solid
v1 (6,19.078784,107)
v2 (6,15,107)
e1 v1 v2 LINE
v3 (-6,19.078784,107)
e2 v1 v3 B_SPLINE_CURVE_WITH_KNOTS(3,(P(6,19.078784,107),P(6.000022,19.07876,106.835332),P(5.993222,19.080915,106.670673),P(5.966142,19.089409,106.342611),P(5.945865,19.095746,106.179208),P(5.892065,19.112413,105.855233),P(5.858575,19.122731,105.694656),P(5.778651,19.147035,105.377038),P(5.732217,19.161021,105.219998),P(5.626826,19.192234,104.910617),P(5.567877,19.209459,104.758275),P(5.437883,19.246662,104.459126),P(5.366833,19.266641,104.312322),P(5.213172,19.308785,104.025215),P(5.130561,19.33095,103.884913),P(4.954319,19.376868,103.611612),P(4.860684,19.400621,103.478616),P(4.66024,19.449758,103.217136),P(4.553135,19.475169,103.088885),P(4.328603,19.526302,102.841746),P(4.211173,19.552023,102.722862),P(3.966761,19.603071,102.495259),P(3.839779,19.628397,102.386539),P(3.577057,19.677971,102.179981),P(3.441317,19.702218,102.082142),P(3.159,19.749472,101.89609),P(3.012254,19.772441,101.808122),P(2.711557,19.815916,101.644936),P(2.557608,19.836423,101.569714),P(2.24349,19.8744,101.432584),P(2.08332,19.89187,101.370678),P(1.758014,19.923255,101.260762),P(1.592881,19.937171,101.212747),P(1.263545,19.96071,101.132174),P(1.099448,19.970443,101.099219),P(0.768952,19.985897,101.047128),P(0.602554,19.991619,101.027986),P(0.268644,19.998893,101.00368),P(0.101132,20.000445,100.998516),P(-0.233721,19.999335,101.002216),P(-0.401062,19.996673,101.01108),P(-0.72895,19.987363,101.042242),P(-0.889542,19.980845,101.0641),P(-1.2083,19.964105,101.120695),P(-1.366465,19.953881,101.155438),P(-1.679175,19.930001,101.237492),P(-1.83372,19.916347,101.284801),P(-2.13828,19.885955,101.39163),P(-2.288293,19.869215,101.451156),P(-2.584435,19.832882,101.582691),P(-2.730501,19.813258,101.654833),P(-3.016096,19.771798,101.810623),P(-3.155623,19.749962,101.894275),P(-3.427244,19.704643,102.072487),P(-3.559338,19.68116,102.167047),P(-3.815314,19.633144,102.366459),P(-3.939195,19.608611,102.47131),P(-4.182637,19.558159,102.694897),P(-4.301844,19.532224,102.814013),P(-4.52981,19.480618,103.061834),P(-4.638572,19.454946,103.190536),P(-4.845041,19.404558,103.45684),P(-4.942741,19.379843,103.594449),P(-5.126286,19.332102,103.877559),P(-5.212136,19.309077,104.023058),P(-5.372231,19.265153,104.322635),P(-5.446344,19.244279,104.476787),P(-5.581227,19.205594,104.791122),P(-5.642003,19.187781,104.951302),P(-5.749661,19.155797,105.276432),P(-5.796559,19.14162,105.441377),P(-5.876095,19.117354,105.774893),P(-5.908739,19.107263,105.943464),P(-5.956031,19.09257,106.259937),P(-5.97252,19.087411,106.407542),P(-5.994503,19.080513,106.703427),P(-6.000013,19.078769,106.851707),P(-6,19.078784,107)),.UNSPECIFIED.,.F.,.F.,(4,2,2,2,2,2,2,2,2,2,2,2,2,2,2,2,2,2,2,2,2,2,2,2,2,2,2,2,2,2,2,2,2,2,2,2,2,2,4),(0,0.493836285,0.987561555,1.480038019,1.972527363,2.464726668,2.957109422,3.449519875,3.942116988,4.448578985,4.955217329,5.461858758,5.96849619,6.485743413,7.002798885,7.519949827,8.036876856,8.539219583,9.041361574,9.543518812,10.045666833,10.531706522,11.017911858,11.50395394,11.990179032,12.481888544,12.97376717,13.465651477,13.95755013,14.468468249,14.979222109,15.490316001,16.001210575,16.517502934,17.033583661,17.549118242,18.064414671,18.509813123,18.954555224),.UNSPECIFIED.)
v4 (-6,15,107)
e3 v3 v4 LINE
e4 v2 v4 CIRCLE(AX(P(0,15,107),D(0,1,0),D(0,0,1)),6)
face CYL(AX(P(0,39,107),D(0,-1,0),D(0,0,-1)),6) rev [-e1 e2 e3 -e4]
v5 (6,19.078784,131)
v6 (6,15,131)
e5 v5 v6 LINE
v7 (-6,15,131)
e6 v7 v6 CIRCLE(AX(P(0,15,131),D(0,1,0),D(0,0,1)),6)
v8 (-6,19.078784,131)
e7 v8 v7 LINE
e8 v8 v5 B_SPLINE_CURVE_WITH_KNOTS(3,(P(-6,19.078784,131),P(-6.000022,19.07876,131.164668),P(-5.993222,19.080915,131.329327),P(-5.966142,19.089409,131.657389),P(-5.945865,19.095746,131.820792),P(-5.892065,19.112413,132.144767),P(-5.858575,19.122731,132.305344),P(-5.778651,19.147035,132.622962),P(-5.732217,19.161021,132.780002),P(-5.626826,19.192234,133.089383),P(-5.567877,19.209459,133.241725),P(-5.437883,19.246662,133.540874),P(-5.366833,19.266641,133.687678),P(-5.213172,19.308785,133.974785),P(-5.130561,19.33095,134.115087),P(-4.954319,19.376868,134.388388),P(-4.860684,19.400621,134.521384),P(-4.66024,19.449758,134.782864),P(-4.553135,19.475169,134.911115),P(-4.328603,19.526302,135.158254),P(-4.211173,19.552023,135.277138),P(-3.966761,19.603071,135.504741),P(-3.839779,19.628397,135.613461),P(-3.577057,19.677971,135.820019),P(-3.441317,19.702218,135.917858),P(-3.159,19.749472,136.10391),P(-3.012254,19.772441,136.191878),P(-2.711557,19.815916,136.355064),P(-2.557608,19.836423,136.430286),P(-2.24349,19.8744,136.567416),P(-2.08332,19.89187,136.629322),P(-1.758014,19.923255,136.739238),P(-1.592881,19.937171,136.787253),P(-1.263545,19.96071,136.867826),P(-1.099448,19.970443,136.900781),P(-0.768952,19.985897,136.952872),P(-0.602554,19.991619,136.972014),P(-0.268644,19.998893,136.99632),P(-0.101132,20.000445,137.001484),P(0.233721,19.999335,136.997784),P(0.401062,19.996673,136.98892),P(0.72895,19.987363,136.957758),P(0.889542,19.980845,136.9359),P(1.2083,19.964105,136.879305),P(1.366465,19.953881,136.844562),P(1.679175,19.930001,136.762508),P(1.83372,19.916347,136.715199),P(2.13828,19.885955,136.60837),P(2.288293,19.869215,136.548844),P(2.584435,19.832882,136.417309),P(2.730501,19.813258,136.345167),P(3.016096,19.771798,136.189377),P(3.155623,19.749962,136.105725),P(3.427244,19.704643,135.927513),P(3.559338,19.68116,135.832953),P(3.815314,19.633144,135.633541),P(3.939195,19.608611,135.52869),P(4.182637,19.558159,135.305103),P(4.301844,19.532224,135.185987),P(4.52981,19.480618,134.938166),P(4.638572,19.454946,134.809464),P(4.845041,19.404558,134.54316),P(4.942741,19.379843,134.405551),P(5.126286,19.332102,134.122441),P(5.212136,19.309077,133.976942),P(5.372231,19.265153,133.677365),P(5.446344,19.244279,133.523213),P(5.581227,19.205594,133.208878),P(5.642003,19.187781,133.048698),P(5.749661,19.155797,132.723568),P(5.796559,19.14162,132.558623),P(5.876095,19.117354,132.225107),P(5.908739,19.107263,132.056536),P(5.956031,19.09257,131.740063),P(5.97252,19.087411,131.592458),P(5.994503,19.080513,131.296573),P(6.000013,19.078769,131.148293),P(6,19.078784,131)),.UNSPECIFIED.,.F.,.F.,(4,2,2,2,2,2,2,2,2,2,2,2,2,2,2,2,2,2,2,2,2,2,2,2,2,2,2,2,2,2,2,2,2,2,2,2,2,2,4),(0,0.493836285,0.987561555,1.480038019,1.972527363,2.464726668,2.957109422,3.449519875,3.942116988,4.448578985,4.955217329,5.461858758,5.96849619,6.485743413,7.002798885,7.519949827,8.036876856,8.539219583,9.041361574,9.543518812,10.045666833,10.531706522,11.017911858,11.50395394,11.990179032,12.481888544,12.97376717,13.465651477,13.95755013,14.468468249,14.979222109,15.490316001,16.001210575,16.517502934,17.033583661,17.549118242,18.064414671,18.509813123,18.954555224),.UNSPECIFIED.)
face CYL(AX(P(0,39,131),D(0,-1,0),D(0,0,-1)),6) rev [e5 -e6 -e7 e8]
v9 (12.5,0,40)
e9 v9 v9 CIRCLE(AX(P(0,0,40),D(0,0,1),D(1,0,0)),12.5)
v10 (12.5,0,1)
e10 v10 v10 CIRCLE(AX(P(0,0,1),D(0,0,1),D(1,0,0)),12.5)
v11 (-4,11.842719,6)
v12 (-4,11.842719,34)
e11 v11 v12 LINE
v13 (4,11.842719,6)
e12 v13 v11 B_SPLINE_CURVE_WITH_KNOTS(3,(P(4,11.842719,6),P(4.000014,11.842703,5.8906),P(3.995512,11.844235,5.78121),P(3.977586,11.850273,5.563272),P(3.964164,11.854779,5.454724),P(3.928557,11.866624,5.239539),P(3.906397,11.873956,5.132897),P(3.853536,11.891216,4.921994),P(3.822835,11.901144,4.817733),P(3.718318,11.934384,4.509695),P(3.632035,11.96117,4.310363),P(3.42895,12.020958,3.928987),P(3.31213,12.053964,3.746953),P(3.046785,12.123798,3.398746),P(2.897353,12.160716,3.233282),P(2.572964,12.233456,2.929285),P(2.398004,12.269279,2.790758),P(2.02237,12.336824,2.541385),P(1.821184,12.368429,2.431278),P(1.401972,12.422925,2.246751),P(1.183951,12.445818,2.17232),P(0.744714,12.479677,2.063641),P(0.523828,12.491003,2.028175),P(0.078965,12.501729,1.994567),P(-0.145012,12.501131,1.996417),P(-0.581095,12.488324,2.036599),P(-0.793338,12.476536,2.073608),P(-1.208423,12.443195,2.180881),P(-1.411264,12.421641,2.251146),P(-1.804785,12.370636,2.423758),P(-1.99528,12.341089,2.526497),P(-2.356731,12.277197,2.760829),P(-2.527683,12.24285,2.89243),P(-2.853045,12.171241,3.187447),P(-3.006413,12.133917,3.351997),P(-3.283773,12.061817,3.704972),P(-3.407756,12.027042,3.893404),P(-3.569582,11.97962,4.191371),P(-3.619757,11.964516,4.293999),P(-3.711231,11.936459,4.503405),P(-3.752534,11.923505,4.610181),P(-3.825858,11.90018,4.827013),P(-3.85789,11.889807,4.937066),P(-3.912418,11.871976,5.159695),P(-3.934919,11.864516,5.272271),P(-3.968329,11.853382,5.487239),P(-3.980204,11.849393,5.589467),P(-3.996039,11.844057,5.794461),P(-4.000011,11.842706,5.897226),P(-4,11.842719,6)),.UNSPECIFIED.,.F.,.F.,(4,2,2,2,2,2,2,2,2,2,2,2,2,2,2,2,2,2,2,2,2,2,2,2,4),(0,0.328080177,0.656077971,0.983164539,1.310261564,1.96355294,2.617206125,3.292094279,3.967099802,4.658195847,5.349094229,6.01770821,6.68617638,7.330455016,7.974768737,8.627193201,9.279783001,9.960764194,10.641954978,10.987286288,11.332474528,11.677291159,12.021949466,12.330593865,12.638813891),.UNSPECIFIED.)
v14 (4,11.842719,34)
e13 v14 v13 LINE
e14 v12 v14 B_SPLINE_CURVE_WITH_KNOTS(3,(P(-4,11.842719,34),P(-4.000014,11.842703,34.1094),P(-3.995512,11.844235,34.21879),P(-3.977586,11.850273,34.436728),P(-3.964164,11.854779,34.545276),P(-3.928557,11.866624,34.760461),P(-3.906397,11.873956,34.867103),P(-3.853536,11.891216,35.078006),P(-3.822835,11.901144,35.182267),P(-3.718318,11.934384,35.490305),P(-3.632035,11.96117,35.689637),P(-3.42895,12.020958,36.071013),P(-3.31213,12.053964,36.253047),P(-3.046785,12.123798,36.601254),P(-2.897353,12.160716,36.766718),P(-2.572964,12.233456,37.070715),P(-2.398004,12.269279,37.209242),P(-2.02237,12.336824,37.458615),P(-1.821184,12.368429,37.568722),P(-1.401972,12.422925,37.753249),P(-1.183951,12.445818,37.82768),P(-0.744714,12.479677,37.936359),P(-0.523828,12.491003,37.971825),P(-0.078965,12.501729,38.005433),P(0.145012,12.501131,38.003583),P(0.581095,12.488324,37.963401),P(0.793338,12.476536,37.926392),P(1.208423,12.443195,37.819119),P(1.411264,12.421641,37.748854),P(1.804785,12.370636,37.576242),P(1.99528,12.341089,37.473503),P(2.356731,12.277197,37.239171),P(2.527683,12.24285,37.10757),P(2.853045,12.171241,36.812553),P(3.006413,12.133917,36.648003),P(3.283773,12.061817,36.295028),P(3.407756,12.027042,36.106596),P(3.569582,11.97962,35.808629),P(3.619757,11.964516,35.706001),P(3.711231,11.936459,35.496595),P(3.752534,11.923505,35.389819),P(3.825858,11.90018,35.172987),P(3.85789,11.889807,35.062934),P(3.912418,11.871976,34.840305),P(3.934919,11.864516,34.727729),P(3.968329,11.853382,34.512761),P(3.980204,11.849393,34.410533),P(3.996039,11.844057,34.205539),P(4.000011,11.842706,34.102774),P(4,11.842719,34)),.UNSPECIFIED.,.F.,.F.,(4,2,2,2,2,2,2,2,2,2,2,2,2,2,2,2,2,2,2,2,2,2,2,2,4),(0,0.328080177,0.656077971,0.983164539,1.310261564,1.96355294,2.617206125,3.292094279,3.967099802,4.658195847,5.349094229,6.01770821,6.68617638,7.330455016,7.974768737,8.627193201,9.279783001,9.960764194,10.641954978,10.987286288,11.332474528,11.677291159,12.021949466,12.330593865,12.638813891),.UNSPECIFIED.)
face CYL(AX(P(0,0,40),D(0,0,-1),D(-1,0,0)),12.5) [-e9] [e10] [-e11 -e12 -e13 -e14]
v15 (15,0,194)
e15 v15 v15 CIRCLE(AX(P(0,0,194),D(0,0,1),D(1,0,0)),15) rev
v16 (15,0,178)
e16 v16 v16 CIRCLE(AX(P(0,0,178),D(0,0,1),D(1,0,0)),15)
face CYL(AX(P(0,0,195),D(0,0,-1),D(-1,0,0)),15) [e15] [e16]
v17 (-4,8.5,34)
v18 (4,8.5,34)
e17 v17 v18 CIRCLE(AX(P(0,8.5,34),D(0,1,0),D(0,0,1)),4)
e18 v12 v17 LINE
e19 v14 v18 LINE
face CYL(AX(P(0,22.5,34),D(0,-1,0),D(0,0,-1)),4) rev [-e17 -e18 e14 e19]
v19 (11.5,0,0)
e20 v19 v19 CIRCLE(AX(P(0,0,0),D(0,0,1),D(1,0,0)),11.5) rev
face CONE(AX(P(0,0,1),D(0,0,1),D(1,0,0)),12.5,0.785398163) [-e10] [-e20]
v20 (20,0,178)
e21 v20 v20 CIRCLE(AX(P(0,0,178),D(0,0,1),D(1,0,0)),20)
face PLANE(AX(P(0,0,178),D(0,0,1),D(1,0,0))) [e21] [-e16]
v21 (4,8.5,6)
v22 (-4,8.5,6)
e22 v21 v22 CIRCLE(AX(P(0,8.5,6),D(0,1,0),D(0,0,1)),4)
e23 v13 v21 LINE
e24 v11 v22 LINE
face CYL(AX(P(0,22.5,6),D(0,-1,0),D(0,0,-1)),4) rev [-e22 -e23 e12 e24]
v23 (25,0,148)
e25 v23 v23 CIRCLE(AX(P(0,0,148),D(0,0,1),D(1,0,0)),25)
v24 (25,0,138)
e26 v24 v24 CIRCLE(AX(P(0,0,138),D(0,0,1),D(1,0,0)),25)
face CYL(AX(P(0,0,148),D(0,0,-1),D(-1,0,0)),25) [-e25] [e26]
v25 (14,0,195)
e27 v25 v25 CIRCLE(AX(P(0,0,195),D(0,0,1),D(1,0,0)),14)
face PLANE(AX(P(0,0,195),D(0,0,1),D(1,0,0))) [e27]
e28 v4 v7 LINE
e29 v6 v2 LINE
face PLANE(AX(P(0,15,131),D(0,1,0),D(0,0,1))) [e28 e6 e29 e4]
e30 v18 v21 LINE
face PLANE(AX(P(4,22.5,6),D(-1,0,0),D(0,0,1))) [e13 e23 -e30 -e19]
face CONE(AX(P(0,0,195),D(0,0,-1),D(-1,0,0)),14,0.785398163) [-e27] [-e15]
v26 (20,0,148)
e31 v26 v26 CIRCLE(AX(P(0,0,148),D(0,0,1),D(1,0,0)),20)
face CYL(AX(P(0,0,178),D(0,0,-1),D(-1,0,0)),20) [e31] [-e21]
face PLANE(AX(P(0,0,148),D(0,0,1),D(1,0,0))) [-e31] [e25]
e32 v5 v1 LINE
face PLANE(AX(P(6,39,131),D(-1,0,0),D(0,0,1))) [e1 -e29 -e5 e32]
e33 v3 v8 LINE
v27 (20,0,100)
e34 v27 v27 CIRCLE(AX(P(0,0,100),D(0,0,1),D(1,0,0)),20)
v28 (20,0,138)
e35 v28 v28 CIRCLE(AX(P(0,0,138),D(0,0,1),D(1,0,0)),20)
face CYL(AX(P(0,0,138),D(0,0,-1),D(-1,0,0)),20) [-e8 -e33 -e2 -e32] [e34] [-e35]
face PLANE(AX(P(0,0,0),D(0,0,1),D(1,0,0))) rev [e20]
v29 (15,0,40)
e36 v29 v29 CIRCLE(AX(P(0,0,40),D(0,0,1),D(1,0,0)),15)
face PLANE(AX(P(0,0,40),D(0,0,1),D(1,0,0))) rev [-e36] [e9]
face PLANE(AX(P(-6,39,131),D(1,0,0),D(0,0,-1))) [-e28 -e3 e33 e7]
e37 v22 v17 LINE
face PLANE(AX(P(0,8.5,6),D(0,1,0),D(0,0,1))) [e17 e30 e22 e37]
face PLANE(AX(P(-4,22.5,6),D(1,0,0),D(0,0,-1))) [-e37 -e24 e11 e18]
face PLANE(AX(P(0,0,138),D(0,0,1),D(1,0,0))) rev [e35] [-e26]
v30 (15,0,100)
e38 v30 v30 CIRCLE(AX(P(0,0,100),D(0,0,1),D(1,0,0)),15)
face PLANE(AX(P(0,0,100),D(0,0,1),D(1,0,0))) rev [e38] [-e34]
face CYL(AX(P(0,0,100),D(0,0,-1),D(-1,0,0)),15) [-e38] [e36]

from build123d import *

# Parameters (mm, degrees)
SKETCH_1_R          = 12.5
EXTRUDE_1_DEPTH     = 40
SKETCH_2_R          = 15
EXTRUDE_2_DEPTH     = 60
SKETCH_3_R          = 20
EXTRUDE_3_DEPTH     = 38
SKETCH_4_R          = 25
EXTRUDE_4_DEPTH     = 10
SKETCH_5_R          = 20
EXTRUDE_5_DEPTH     = 30
SKETCH_6_R          = 15
EXTRUDE_6_DEPTH     = 17
CHAMFER_1_SIZE      = 1
CHAMFER_2_SIZE      = 1
CUT_EXTRUDE_1_DEPTH = 24
CUT_EXTRUDE_2_DEPTH = 14


with BuildPart() as part:
    # 草图1 → 凸台-拉伸1 (new body)
    with BuildSketch(Plane.XY):
        Circle(SKETCH_1_R)
    extrude(amount=EXTRUDE_1_DEPTH)

    # 草图2 → 凸台-拉伸2 (add)
    with BuildSketch(Plane.XY.offset(40)):
        Circle(SKETCH_2_R)
    extrude(amount=EXTRUDE_2_DEPTH)

    # 草图3 → 凸台-拉伸3 (add)
    with BuildSketch(Plane.XY.offset(100)):
        Circle(SKETCH_3_R)
    extrude(amount=EXTRUDE_3_DEPTH)

    # 草图4 → 凸台-拉伸4 (add)
    with BuildSketch(Plane.XY.offset(138)):
        Circle(SKETCH_4_R)
    extrude(amount=EXTRUDE_4_DEPTH)

    # 草图5 → 凸台-拉伸5 (add)
    with BuildSketch(Plane.XY.offset(148)):
        Circle(SKETCH_5_R)
    extrude(amount=EXTRUDE_5_DEPTH)

    # 草图6 → 凸台-拉伸6 (add)
    with BuildSketch(Plane.XY.offset(178)):
        Circle(SKETCH_6_R)
    extrude(amount=EXTRUDE_6_DEPTH)

    # 倒角1
    chamfer_1_edges = [part.edges().sort_by_distance(p)[0] for p in [
        (-15, 0, 195),
    ]]
    chamfer(chamfer_1_edges, length=CHAMFER_1_SIZE)

    # 倒角2
    chamfer_2_edges = [part.edges().sort_by_distance(p)[0] for p in [
        (-12.5, 0, 0),
    ]]
    chamfer(chamfer_2_edges, length=CHAMFER_2_SIZE)

    # 草图7 → 切除-拉伸1 (cut)
    with BuildSketch(Plane(origin=(0, 15, 0), x_dir=(1, 0, 0), z_dir=(0, 1, 0))):
        with BuildLine():
            Line((-6, -131), (-6, -107))
            ThreePointArc((-6, -107), (0, -101), (6, -107))
            Line((6, -107), (6, -131))
            ThreePointArc((6, -131), (0, -137), (-6, -131))
        make_face()
    extrude(amount=CUT_EXTRUDE_1_DEPTH, mode=Mode.SUBTRACT)

    # 草图8 → 切除-拉伸2 (cut)
    with BuildSketch(Plane(origin=(0, 8.5, 0), x_dir=(1, 0, 0), z_dir=(0, 1, 0))):
        with BuildLine():
            Line((-4, -6), (-4, -34))
            ThreePointArc((-4, -34), (0, -38), (4, -34))
            Line((4, -34), (4, -6))
            ThreePointArc((4, -6), (0, -2), (-4, -6))
        make_face()
    extrude(amount=CUT_EXTRUDE_2_DEPTH, mode=Mode.SUBTRACT)


solid = part.part
